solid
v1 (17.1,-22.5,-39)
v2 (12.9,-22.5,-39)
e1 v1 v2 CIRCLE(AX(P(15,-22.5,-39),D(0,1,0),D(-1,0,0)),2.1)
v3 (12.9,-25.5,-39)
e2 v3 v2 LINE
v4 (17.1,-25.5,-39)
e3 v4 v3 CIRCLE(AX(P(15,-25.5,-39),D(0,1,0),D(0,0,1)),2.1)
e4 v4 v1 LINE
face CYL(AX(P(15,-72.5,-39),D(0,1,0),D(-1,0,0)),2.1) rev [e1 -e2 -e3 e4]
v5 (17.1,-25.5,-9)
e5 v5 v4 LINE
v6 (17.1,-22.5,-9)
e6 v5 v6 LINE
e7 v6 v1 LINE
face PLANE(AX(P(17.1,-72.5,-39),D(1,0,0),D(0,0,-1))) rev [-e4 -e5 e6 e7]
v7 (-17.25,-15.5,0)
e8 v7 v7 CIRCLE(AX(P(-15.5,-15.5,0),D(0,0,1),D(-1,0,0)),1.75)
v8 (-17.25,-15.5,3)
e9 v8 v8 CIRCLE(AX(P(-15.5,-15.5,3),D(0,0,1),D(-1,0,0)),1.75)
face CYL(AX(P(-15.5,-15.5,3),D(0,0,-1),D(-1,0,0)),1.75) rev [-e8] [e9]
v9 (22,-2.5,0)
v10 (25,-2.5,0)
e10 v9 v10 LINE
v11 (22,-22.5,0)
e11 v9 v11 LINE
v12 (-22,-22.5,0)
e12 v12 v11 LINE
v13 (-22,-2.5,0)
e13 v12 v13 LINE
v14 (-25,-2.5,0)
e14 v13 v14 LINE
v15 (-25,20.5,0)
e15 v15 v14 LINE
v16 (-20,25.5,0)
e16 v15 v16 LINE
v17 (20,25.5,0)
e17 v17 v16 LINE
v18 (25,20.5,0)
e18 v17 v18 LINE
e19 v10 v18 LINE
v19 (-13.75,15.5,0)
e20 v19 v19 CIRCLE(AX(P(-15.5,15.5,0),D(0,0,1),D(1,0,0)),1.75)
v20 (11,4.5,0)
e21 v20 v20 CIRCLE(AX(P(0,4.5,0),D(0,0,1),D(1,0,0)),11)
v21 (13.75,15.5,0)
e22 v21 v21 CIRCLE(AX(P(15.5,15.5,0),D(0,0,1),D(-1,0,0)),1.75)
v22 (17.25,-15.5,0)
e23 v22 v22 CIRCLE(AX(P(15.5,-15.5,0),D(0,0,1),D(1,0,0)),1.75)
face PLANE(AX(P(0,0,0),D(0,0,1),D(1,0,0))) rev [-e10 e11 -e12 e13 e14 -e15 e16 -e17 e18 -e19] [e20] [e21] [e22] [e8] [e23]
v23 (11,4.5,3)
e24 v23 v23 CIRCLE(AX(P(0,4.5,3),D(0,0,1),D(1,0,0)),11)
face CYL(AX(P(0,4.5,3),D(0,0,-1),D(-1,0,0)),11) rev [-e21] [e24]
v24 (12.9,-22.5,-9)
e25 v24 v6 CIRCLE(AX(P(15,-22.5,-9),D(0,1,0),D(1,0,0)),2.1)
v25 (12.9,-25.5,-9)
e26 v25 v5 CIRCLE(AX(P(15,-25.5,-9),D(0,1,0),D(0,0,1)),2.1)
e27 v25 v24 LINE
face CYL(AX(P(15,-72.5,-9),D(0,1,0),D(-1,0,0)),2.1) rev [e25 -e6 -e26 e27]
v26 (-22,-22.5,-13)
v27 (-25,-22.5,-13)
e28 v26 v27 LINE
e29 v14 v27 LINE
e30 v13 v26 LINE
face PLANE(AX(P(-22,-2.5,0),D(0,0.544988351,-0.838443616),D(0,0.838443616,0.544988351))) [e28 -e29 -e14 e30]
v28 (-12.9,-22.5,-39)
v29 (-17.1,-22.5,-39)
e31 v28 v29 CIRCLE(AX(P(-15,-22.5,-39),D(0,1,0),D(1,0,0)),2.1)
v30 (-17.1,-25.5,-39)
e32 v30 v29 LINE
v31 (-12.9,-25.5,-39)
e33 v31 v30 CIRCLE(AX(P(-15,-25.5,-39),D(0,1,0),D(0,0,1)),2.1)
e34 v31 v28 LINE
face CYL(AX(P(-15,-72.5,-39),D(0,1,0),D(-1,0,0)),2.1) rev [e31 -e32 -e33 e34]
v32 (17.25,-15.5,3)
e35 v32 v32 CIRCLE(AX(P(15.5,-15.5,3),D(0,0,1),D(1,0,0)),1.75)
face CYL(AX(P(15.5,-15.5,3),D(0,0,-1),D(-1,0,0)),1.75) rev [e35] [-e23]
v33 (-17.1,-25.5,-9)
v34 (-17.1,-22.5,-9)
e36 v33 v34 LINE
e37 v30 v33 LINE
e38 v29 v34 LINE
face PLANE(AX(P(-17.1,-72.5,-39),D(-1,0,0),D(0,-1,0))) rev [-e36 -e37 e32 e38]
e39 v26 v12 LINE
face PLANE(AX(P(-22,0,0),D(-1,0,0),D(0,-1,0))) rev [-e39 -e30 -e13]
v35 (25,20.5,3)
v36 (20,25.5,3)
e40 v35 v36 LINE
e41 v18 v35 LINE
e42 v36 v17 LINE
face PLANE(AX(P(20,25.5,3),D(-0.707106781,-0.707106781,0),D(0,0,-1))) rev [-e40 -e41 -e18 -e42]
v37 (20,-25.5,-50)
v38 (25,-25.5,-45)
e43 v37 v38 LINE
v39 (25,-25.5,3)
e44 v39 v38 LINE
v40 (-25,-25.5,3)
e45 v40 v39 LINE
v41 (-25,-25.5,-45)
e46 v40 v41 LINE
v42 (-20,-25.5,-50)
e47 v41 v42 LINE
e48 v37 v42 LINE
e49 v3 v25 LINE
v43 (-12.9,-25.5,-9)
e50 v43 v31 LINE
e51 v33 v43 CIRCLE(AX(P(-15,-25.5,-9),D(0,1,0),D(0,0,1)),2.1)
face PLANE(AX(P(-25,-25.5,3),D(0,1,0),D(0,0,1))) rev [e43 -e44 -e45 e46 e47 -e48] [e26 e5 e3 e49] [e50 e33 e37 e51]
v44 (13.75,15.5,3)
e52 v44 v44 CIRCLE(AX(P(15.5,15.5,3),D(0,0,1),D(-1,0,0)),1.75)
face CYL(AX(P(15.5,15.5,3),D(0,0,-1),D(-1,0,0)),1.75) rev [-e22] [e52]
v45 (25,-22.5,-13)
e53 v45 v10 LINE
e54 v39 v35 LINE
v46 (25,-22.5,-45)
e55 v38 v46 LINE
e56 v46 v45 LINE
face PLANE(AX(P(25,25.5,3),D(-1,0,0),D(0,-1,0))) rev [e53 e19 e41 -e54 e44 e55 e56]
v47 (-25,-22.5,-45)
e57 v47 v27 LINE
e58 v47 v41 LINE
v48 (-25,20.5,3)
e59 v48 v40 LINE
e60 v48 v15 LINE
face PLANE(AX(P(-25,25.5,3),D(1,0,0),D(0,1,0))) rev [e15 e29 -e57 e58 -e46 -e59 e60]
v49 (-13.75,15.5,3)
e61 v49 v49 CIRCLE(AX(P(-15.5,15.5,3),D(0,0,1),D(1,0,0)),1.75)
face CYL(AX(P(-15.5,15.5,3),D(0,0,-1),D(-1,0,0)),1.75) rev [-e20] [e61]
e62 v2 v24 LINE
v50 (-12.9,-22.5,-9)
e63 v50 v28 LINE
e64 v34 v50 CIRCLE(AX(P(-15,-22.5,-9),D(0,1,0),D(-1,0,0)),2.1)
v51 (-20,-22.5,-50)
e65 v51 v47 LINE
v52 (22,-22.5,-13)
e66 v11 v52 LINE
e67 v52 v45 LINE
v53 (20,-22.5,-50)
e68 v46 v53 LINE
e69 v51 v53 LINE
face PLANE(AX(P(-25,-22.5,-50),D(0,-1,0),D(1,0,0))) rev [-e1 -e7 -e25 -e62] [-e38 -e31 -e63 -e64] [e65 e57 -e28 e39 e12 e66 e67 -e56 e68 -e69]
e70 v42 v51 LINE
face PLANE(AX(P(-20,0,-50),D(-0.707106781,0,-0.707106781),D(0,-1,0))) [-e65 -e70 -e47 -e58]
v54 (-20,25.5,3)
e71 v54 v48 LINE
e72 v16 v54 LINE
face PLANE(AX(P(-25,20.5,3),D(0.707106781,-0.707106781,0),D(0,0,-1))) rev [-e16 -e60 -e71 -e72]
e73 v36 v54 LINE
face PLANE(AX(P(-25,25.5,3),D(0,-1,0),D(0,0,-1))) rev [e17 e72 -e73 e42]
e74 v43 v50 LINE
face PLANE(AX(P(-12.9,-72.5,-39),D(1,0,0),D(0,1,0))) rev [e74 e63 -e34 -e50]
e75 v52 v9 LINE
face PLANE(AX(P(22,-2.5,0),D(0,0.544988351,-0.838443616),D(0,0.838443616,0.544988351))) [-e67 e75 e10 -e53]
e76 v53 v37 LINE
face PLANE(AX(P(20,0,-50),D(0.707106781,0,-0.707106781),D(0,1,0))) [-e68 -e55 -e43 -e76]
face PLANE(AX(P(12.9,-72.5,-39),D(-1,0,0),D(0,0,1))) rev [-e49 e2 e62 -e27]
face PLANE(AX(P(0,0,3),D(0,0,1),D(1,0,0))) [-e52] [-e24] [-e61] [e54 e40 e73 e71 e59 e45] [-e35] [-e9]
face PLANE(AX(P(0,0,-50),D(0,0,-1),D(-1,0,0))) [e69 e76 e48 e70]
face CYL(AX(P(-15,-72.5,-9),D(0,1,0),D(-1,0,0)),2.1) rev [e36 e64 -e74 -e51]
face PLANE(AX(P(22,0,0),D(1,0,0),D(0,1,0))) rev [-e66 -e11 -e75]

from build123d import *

# Parameters (mm, degrees)
SKETCH_1_W          = 50
SKETCH_1_H          = 51
SKETCH_1_R          = 11
SKETCH_1_R_2        = 1.75
EXTRUDE_1_DEPTH     = 3
CHAMFER_1_SIZE      = 5
SKETCH_2_W          = 50
SKETCH_2_H          = 3
EXTRUDE_2_DEPTH     = 50
CHAMFER_2_SIZE      = 5
CUT_EXTRUDE_1_DEPTH = 50
EXTRUDE_3_DEPTH     = 3
EXTRUDE_4_DEPTH     = 3


with BuildPart() as part:
    # 草图1 → 凸台-拉伸1 (new body)
    with BuildSketch(Plane.XY):
        Rectangle(SKETCH_1_W, SKETCH_1_H)
        with Locations((0, 4.5)):
            Circle(SKETCH_1_R, mode=Mode.SUBTRACT)
        with Locations((-15.5, 15.5)):
            Circle(SKETCH_1_R_2, mode=Mode.SUBTRACT)
        with Locations(Location((-15.5, -15.5, 0), (0, 0, 180))):
            Circle(SKETCH_1_R_2, mode=Mode.SUBTRACT)
        with Locations((15.5, -15.5)):
            Circle(SKETCH_1_R_2, mode=Mode.SUBTRACT)
        with Locations(Location((15.5, 15.5, 0), (0, 0, 180))):
            Circle(SKETCH_1_R_2, mode=Mode.SUBTRACT)
    extrude(amount=EXTRUDE_1_DEPTH)

    # 倒角1
    chamfer_1_edges = [part.edges().sort_by_distance(p)[0] for p in [
        (-25, 25.5, 1.5),
        (25, 25.5, 1.5),
    ]]
    chamfer(chamfer_1_edges, length=CHAMFER_1_SIZE)

    # 草图2 → 凸台-拉伸2 (add)
    with BuildSketch(Plane(origin=(0, 0, 0), x_dir=(-1, 0, 0), z_dir=(0, 0, -1))):
        with Locations((0, -24)):
            Rectangle(SKETCH_2_W, SKETCH_2_H)
    extrude(amount=EXTRUDE_2_DEPTH)

    # 倒角2
    chamfer_2_edges = [part.edges().sort_by_distance(p)[0] for p in [
        (-25, -24, -50),
        (25, -24, -50),
    ]]
    chamfer(chamfer_2_edges, length=CHAMFER_2_SIZE)

    # 草图3 → 切除-拉伸1 (cut)
    with BuildSketch(Plane(origin=(0, -22.5, 0), x_dir=(1, 0, 0), z_dir=(0, 1, 0))):
        with BuildLine():
            Line((-17.1, 39), (-17.1, 9))
            ThreePointArc((-17.1, 9), (-15, 6.9), (-12.9, 9))
            Line((-12.9, 9), (-12.9, 39))
            ThreePointArc((-12.9, 39), (-15, 41.1), (-17.1, 39))
        make_face()
        with BuildLine():
            Line((12.9, 39), (12.9, 9))
            ThreePointArc((12.9, 9), (15, 6.9), (17.1, 9))
            Line((17.1, 9), (17.1, 39))
            ThreePointArc((17.1, 39), (15, 41.1), (12.9, 39))
        make_face()
    extrude(amount=-CUT_EXTRUDE_1_DEPTH, mode=Mode.SUBTRACT)

    # 草图4 → 凸台-拉伸3 (add)
    with BuildSketch(Plane(origin=(25, 0, 0), x_dir=(0, 0, -1), z_dir=(1, 0, 0))):
        Polygon((0, -2.5), (13, -22.5), (0, -22.5), align=None)
    extrude(amount=-EXTRUDE_3_DEPTH)

    # 草图5 → 凸台-拉伸4 (add)
    with BuildSketch(Plane.ZY.offset(25)):
        Polygon((0, -22.5), (0, -2.5), (-13, -22.5), align=None)
    extrude(amount=-EXTRUDE_4_DEPTH)


solid = part.part
